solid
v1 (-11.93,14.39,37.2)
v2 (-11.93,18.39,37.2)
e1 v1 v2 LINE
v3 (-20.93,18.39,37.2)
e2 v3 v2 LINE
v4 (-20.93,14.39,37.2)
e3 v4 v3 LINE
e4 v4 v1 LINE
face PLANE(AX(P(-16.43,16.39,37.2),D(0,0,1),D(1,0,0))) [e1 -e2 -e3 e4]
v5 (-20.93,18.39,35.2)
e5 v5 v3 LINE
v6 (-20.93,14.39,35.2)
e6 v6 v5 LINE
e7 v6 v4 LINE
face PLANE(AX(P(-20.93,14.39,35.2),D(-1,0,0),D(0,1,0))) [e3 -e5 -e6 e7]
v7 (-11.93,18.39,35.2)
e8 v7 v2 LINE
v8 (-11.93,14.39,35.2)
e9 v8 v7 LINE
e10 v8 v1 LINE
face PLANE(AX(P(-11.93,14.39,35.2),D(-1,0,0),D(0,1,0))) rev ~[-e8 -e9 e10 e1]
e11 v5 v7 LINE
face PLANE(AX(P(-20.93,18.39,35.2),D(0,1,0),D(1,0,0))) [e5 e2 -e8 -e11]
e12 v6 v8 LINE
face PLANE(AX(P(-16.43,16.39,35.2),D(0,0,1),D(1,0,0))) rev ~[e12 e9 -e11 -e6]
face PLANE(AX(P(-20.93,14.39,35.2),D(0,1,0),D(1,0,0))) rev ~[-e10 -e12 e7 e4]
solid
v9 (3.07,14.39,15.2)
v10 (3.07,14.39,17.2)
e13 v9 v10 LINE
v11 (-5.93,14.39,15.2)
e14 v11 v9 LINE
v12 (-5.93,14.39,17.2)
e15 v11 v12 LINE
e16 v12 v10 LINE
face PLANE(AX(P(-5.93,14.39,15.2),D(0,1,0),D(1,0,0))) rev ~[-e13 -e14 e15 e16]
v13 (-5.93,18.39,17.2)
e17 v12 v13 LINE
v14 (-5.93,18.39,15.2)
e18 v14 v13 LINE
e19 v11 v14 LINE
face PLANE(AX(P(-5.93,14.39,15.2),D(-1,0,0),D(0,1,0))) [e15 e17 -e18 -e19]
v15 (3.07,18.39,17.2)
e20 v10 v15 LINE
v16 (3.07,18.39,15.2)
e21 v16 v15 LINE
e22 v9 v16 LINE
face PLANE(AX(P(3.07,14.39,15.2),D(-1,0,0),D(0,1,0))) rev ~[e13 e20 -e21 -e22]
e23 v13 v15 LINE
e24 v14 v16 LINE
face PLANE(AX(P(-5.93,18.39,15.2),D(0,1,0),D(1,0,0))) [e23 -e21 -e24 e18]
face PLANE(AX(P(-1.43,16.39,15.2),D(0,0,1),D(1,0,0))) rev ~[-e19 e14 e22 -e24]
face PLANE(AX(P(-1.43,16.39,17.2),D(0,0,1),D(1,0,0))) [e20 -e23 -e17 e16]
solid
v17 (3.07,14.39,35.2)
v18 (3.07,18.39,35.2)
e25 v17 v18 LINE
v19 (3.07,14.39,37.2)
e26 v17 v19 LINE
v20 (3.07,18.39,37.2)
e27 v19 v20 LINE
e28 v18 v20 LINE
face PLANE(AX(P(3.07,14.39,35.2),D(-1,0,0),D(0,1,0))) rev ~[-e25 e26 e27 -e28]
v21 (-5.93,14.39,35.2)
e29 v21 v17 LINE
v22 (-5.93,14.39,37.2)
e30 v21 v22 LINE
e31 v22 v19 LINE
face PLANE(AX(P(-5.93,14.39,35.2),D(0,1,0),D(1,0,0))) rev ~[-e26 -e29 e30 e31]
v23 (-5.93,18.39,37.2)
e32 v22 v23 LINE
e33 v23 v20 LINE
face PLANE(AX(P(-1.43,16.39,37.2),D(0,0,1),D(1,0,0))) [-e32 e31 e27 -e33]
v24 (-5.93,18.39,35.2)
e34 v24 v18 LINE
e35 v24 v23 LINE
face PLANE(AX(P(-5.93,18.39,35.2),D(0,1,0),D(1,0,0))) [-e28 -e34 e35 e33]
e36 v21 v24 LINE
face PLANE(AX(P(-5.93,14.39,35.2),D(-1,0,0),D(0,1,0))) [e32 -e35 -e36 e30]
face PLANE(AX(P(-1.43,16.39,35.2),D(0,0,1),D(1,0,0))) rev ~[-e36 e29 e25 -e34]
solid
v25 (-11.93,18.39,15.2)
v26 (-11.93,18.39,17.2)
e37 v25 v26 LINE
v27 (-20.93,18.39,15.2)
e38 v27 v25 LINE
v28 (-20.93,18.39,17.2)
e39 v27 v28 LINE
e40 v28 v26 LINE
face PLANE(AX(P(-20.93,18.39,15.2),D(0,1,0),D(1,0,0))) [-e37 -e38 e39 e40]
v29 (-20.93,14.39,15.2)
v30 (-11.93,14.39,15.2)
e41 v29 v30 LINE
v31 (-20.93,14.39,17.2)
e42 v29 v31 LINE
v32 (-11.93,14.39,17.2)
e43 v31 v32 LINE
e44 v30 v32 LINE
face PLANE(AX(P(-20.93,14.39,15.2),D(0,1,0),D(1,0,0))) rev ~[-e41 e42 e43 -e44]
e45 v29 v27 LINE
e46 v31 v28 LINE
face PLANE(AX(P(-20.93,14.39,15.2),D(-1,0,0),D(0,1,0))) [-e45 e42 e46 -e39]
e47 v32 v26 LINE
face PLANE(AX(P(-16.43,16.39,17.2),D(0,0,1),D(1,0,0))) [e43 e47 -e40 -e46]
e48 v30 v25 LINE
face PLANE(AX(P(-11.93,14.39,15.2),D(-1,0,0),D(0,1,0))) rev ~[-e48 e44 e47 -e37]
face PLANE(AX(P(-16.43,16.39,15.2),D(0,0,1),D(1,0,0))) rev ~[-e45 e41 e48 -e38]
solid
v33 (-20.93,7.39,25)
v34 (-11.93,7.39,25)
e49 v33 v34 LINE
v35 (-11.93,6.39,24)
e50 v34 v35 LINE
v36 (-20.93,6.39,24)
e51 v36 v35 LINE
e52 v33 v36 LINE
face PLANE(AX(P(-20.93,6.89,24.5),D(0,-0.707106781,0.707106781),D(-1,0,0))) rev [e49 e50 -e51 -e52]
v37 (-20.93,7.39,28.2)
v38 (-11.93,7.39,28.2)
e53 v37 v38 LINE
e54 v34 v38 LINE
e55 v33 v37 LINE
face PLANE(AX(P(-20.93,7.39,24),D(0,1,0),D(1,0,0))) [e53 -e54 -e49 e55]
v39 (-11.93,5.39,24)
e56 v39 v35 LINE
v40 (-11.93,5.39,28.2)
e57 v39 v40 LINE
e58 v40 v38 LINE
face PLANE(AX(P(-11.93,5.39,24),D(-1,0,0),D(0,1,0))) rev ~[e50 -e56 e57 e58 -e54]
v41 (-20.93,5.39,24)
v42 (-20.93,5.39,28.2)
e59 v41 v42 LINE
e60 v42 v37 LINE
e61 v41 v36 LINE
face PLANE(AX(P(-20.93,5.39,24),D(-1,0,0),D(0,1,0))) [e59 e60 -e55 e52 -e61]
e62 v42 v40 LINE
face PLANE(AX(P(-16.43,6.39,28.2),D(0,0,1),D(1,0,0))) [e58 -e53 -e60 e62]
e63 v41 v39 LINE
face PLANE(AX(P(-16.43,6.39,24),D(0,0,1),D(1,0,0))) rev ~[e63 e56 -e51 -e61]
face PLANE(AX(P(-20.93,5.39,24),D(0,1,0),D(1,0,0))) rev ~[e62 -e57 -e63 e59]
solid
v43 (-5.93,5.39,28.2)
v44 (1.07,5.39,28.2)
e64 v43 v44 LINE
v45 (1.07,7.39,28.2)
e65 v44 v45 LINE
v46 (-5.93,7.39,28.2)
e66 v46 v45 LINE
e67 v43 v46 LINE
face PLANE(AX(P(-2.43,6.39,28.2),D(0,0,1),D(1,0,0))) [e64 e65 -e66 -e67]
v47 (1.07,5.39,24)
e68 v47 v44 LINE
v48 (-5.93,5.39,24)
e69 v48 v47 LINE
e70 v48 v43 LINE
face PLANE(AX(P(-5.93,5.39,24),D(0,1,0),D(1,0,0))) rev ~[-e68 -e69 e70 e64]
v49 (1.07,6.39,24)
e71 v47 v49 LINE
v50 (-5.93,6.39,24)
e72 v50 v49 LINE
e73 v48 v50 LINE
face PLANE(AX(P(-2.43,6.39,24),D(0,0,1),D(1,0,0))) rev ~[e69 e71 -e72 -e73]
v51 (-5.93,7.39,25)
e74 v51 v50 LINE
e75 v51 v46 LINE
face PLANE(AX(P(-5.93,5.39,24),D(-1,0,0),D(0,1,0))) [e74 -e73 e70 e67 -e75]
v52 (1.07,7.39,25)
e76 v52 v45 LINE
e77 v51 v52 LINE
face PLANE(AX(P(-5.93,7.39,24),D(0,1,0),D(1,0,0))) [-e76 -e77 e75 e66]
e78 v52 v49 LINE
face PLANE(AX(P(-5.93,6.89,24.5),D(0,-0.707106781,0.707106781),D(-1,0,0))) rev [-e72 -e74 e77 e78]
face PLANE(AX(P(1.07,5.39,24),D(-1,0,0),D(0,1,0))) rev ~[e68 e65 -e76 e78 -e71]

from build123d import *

# Parameters (mm, degrees)
BOX008_W        = 7
BOX008_H        = 2
BOX008_DEPTH    = 4.2
CHAMFER_SIZE    = 1
BOX006_W        = 9
BOX006_H        = 4
BOX006_DEPTH    = 2
BOX005_W        = 9
BOX005_H        = 4
BOX005_DEPTH    = 2
BOX004_W        = 9
BOX004_H        = 4
BOX004_DEPTH    = 2
BOX003_W        = 9
BOX003_H        = 4
BOX003_DEPTH    = 2
BOX007_W        = 9
BOX007_H        = 2
BOX007_DEPTH    = 4.2
CHAMFER001_SIZE = 1


with BuildPart() as chamfer_body:
    # Box008 → Box008 (new body)
    with BuildSketch(Plane(origin=(-5.93, 5.39, 24), x_dir=(1, 0, 0), z_dir=(0, 0, 1))):
        with Locations((3.5, 1)):
            Rectangle(BOX008_W, BOX008_H)
    extrude(amount=BOX008_DEPTH)

    # Chamfer
    chamfer_edges = [chamfer_body.edges().sort_by_distance(p)[0] for p in [
        (-2.43, 7.39, 24),
    ]]
    chamfer(chamfer_edges, length=CHAMFER_SIZE)


with BuildPart() as cube006:
    # Box006 → Box006 (new body)
    with BuildSketch(Plane(origin=(-20.93, 14.39, 35.2), x_dir=(1, 0, 0), z_dir=(0, 0, 1))):
        with Locations((4.5, 2)):
            Rectangle(BOX006_W, BOX006_H)
    extrude(amount=BOX006_DEPTH)


with BuildPart() as cube005:
    # Box005 → Box005 (new body)
    with BuildSketch(Plane(origin=(-5.93, 14.39, 35.2), x_dir=(1, 0, 0), z_dir=(0, 0, 1))):
        with Locations((4.5, 2)):
            Rectangle(BOX005_W, BOX005_H)
    extrude(amount=BOX005_DEPTH)


with BuildPart() as cube004:
    # Box004 → Box004 (new body)
    with BuildSketch(Plane(origin=(-5.93, 14.39, 15.2), x_dir=(1, 0, 0), z_dir=(0, 0, 1))):
        with Locations((4.5, 2)):
            Rectangle(BOX004_W, BOX004_H)
    extrude(amount=BOX004_DEPTH)


with BuildPart() as cube003:
    # Box003 → Box003 (new body)
    with BuildSketch(Plane(origin=(-20.93, 14.39, 15.2), x_dir=(1, 0, 0), z_dir=(0, 0, 1))):
        with Locations((4.5, 2)):
            Rectangle(BOX003_W, BOX003_H)
    extrude(amount=BOX003_DEPTH)


with BuildPart() as fusion:
    # Box007 → Box007 (new body)
    with BuildSketch(Plane(origin=(-20.93, 5.39, 24), x_dir=(1, 0, 0), z_dir=(0, 0, 1))):
        with Locations((4.5, 1)):
            Rectangle(BOX007_W, BOX007_H)
    extrude(amount=BOX007_DEPTH)

    # Chamfer001
    chamfer001_edges = [fusion.edges().sort_by_distance(p)[0] for p in [
        (-16.43, 7.39, 24),
    ]]
    chamfer(chamfer001_edges, length=CHAMFER001_SIZE)

    # Fusion: union Chamfer body, Cube006, Cube005, Cube004, Cube003
    add(chamfer_body.part)
    add(cube006.part)
    add(cube005.part)
    add(cube004.part)
    add(cube003.part)


solid = fusion.part
